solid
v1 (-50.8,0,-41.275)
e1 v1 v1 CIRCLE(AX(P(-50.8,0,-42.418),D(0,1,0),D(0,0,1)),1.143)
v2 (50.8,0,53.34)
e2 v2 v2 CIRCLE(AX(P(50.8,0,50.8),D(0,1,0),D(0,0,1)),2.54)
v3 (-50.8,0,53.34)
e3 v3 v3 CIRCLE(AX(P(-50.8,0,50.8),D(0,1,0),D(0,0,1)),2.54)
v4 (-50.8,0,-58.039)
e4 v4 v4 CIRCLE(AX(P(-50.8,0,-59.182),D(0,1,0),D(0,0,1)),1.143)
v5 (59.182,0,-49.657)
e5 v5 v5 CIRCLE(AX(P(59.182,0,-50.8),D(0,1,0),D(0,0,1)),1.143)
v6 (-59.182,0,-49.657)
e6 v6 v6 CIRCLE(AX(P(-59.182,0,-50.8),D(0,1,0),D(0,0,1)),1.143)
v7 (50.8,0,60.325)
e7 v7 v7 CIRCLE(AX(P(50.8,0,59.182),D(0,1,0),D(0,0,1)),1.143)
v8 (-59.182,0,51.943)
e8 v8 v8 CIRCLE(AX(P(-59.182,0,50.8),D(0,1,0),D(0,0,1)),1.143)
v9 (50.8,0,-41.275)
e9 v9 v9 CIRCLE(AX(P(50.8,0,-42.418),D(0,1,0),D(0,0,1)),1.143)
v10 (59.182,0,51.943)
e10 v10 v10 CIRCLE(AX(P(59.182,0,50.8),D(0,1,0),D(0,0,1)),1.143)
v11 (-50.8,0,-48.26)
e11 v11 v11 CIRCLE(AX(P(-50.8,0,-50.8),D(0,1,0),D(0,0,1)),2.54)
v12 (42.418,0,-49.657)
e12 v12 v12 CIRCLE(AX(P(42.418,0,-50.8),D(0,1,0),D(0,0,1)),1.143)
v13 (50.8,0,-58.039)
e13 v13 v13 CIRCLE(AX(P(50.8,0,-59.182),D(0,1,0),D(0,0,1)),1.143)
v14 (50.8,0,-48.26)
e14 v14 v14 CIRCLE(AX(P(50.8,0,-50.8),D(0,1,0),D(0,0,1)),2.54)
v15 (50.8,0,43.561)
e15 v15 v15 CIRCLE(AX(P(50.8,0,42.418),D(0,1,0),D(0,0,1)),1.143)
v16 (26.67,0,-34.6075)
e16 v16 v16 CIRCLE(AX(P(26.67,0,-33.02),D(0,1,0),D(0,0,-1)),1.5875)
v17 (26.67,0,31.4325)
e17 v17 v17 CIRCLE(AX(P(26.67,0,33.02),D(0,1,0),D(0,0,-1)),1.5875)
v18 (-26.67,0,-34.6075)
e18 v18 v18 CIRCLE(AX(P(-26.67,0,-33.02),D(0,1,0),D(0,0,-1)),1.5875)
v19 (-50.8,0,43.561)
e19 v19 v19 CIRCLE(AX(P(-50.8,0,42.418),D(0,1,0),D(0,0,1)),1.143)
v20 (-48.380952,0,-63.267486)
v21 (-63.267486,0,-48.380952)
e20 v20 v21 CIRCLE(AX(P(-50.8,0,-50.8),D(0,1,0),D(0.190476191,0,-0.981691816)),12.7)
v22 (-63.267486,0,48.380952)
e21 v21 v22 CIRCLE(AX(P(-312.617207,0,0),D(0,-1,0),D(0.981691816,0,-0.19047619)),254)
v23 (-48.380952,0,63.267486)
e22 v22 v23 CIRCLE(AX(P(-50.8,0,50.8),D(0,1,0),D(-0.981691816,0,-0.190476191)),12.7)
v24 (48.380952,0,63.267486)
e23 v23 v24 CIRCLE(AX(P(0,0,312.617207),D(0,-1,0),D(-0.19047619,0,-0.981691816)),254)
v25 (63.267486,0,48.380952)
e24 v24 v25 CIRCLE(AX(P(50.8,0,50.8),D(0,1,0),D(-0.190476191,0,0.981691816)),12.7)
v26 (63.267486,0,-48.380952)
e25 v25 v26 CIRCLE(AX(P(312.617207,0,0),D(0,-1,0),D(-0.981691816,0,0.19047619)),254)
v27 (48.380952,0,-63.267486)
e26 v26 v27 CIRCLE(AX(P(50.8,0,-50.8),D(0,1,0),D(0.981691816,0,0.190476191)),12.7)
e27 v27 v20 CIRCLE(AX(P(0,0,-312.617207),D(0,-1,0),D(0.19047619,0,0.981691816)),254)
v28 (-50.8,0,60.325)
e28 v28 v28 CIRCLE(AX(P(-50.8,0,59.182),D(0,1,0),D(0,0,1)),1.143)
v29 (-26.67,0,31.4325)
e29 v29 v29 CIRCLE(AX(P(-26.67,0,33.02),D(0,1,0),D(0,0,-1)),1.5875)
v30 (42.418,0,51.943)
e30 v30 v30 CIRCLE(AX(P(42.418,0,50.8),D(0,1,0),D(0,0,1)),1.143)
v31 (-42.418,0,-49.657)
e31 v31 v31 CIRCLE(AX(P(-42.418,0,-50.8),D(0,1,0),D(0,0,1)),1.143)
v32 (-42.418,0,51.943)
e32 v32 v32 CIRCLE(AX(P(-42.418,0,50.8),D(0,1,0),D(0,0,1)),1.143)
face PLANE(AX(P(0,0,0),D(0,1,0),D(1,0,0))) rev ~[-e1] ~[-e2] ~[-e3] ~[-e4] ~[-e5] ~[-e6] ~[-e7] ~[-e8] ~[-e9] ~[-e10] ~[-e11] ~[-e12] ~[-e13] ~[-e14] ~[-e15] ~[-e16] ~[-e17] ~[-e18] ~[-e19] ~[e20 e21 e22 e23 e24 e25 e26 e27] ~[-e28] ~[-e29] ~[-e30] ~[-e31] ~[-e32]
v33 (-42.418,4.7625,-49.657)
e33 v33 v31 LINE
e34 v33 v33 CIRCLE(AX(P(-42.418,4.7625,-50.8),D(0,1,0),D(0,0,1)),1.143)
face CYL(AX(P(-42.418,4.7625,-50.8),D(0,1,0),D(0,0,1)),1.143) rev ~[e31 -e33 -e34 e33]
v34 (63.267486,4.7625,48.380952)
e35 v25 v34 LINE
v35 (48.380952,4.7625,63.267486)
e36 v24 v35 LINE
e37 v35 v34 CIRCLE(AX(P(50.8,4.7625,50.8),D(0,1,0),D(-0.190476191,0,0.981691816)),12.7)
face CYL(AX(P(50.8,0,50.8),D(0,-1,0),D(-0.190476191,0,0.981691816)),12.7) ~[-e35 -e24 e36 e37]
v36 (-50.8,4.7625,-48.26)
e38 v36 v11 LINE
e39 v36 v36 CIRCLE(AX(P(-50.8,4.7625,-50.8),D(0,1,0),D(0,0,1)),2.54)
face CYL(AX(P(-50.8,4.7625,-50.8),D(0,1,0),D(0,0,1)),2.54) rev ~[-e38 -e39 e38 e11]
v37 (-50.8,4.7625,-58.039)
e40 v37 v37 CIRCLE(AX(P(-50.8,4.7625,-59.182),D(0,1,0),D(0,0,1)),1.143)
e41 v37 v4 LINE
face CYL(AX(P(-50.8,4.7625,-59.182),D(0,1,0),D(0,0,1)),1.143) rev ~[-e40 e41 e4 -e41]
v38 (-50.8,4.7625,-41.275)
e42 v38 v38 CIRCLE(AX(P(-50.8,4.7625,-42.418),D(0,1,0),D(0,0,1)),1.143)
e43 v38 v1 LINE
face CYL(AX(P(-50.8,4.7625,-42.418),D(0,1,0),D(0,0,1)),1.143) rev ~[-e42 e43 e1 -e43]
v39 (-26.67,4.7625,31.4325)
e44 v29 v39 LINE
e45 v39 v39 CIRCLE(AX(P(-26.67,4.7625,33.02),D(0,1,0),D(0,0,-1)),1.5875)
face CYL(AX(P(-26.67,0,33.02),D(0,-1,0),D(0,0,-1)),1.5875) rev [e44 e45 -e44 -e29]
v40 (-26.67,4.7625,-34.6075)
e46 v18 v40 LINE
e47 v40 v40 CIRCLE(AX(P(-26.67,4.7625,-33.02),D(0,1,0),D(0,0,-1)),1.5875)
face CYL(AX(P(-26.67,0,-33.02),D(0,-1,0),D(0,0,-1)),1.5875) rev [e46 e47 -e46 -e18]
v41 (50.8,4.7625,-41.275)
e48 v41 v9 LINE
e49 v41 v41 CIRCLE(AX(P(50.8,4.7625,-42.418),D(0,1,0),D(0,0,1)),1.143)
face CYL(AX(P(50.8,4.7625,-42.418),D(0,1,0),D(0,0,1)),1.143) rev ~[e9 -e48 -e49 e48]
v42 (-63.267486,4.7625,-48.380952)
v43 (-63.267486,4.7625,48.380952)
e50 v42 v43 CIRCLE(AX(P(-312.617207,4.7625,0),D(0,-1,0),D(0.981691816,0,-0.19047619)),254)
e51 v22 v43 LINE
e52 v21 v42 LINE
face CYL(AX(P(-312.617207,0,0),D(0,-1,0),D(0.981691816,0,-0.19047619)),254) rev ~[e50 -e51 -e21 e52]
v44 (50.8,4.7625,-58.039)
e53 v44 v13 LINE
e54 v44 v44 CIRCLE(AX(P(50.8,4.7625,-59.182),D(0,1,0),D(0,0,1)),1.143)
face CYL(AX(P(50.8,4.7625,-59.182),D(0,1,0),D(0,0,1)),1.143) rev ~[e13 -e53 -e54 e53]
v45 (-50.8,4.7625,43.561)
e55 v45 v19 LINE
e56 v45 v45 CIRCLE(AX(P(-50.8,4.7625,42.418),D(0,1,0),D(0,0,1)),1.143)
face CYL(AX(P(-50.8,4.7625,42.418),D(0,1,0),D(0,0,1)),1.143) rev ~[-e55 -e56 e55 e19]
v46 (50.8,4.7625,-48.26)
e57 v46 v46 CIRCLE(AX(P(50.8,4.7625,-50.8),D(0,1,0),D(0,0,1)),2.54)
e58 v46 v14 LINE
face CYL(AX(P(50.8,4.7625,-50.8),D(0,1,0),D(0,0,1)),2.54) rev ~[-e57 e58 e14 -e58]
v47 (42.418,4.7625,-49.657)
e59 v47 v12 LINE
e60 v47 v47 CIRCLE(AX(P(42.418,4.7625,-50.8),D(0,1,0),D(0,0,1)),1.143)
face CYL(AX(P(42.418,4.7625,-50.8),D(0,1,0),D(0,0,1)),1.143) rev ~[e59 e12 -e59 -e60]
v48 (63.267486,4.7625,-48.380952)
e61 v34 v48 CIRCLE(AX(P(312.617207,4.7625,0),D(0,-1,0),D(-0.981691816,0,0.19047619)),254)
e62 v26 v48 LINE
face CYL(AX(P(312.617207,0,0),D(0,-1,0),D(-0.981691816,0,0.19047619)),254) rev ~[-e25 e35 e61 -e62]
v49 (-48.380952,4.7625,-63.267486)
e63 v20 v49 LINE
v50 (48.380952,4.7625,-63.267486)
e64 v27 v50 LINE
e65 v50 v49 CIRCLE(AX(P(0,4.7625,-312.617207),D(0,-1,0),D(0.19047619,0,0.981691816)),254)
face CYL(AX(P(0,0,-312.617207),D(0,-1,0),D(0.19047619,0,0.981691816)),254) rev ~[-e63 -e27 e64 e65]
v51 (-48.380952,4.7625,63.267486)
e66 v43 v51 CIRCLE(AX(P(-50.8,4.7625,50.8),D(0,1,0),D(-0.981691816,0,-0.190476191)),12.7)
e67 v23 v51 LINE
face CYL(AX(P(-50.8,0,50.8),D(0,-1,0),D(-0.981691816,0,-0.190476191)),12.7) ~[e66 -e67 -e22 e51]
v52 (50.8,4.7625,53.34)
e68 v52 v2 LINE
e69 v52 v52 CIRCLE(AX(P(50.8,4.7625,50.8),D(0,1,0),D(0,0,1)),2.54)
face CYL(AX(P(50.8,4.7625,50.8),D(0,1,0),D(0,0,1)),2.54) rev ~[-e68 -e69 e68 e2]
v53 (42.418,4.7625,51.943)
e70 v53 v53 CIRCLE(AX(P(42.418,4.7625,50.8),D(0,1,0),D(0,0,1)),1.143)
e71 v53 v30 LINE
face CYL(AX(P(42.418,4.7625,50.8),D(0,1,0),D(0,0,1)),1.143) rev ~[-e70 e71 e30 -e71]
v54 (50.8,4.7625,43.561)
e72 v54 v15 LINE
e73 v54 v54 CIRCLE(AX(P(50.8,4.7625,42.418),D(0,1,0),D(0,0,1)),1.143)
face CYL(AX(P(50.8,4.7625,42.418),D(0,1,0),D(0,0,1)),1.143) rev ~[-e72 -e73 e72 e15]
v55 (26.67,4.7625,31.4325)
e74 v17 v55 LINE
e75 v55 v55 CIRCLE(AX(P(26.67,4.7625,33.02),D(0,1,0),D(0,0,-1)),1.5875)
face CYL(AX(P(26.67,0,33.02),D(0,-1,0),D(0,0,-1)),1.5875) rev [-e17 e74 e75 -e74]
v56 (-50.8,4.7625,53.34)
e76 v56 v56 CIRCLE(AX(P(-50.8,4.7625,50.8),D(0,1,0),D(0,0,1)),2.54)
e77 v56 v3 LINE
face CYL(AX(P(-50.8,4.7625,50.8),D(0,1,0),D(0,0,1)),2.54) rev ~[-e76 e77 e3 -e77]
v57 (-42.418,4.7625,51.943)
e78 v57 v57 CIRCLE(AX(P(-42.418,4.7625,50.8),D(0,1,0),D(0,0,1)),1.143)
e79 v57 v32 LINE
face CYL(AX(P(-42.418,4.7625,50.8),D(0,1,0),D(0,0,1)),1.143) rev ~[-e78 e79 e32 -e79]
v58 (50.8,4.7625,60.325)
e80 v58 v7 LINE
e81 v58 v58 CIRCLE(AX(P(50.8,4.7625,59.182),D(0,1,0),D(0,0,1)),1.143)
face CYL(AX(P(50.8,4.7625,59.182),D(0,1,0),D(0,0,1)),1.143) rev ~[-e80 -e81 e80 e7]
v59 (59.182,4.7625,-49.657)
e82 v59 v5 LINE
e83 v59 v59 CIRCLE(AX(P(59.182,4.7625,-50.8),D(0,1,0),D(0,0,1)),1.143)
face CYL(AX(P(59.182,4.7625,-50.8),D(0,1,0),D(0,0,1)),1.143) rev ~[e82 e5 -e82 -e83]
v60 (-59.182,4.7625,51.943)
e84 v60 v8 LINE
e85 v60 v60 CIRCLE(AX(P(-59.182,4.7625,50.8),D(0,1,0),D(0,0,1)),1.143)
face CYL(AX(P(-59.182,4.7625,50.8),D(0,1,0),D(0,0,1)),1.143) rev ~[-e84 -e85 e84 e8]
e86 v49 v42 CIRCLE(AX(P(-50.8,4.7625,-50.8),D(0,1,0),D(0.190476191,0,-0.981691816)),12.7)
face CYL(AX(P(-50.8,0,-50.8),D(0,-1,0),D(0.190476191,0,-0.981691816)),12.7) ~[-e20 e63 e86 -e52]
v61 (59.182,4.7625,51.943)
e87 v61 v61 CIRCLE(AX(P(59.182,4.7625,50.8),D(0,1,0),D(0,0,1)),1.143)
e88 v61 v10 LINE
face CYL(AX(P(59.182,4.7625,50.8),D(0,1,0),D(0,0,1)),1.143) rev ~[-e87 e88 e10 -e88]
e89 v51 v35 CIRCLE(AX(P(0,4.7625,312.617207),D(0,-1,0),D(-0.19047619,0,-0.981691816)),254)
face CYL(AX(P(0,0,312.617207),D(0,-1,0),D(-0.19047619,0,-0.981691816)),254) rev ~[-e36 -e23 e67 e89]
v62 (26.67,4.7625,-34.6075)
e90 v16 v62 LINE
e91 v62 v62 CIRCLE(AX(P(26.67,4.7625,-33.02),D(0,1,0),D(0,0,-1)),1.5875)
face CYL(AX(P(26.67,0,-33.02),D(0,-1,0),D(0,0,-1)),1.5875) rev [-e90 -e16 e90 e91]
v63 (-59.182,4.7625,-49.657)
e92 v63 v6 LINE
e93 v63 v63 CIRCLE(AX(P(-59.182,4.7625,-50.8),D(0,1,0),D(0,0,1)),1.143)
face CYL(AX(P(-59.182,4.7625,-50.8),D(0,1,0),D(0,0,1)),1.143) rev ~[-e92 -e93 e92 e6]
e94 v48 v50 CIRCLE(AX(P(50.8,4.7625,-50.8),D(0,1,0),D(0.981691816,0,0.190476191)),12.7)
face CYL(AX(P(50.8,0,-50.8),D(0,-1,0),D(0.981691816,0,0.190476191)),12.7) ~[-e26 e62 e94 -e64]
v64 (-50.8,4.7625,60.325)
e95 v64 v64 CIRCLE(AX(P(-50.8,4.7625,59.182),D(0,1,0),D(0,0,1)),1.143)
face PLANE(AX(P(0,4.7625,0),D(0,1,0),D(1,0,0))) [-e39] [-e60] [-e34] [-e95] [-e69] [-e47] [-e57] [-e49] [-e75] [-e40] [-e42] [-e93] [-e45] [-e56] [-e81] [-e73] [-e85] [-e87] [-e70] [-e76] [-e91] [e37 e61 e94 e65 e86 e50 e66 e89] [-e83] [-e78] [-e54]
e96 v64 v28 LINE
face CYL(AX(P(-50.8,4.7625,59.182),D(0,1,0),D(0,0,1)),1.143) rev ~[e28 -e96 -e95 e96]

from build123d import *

# Parameters (mm, degrees)
SKETCH1_R           = 1.5875
BOSS_EXTRUDE1_DEPTH = 4.7625
SKETCH11_R          = 2.54
SKETCH11_R_2        = 1.143
CUT_EXTRUDE1_DEPTH  = 90.928757393


with BuildPart() as part:
    # Sketch1 → Boss-Extrude1 (new body)
    with BuildSketch(Plane(origin=(0, 0, 0), x_dir=(1, 0, 0), z_dir=(0, 1, 0))):
        with BuildLine():
            ThreePointArc((-48.380952381, 63.267486058), (-59.780256121, 59.780256121), (-63.267486058, 48.380952381))
            ThreePointArc((-63.267486058, 48.380952381), (-58.617207227, 0), (-63.267486058, -48.380952381))
            ThreePointArc((-63.267486058, -48.380952381), (-59.780256121, -59.780256121), (-48.380952381, -63.267486058))
            ThreePointArc((-48.380952381, -63.267486058), (0, -58.617207227), (48.380952381, -63.267486058))
            ThreePointArc((48.380952381, -63.267486058), (59.780256121, -59.780256121), (63.267486058, -48.380952381))
            ThreePointArc((63.267486058, -48.380952381), (58.617207227, 0), (63.267486058, 48.380952381))
            ThreePointArc((63.267486058, 48.380952381), (59.780256121, 59.780256121), (48.380952381, 63.267486058))
            ThreePointArc((48.380952381, 63.267486058), (0, 58.617207227), (-48.380952381, 63.267486058))
        make_face()
        with Locations(Location((-26.67, 33.02, 0), (0, 0, 90))):
            Circle(SKETCH1_R, mode=Mode.SUBTRACT)
        with Locations(Location((26.67, 33.02, 0), (0, 0, 90))):
            Circle(SKETCH1_R, mode=Mode.SUBTRACT)
        with Locations(Location((-26.67, -33.02, 0), (0, 0, 90))):
            Circle(SKETCH1_R, mode=Mode.SUBTRACT)
        with Locations(Location((26.67, -33.02, 0), (0, 0, 90))):
            Circle(SKETCH1_R, mode=Mode.SUBTRACT)
    extrude(amount=BOSS_EXTRUDE1_DEPTH)

    # Sketch11 → Cut-Extrude1 (cut, through all)
    with BuildSketch(Plane(origin=(0, 4.7625, 0), x_dir=(1, 0, 0), z_dir=(0, 1, 0))):
        with Locations(Location((-50.8, 50.8, 0), (0, 0, 270))):
            Circle(SKETCH11_R)
        with Locations(Location((-42.418, 50.8, 0), (0, 0, 270))):
            Circle(SKETCH11_R_2)
        with Locations(Location((-50.8, 42.418, 0), (0, 0, 270))):
            Circle(SKETCH11_R_2)
        with Locations(Location((-59.182, 50.8, 0), (0, 0, 270))):
            Circle(SKETCH11_R_2)
        with Locations(Location((-50.8, 59.182, 0), (0, 0, 270))):
            Circle(SKETCH11_R_2)
        with Locations(Location((50.8, 50.8, 0), (0, 0, 270))):
            Circle(SKETCH11_R)
        with Locations(Location((59.182, 50.8, 0), (0, 0, 270))):
            Circle(SKETCH11_R_2)
        with Locations(Location((50.8, 42.418, 0), (0, 0, 270))):
            Circle(SKETCH11_R_2)
        with Locations(Location((42.418, 50.8, 0), (0, 0, 270))):
            Circle(SKETCH11_R_2)
        with Locations(Location((50.8, 59.182, 0), (0, 0, 270))):
            Circle(SKETCH11_R_2)
        with Locations(Location((50.8, -50.8, 0), (0, 0, 270))):
            Circle(SKETCH11_R)
        with Locations(Location((59.182, -50.8, 0), (0, 0, 270))):
            Circle(SKETCH11_R_2)
        with Locations(Location((50.8, -59.182, 0), (0, 0, 270))):
            Circle(SKETCH11_R_2)
        with Locations(Location((42.418, -50.8, 0), (0, 0, 270))):
            Circle(SKETCH11_R_2)
        with Locations(Location((50.8, -42.418, 0), (0, 0, 270))):
            Circle(SKETCH11_R_2)
        with Locations(Location((-50.8, -50.8, 0), (0, 0, 270))):
            Circle(SKETCH11_R)
        with Locations(Location((-42.418, -50.8, 0), (0, 0, 270))):
            Circle(SKETCH11_R_2)
        with Locations(Location((-50.8, -59.182, 0), (0, 0, 270))):
            Circle(SKETCH11_R_2)
        with Locations(Location((-59.182, -50.8, 0), (0, 0, 270))):
            Circle(SKETCH11_R_2)
        with Locations(Location((-50.8, -42.418, 0), (0, 0, 270))):
            Circle(SKETCH11_R_2)
    extrude(amount=-CUT_EXTRUDE1_DEPTH, mode=Mode.SUBTRACT)


solid = part.part
